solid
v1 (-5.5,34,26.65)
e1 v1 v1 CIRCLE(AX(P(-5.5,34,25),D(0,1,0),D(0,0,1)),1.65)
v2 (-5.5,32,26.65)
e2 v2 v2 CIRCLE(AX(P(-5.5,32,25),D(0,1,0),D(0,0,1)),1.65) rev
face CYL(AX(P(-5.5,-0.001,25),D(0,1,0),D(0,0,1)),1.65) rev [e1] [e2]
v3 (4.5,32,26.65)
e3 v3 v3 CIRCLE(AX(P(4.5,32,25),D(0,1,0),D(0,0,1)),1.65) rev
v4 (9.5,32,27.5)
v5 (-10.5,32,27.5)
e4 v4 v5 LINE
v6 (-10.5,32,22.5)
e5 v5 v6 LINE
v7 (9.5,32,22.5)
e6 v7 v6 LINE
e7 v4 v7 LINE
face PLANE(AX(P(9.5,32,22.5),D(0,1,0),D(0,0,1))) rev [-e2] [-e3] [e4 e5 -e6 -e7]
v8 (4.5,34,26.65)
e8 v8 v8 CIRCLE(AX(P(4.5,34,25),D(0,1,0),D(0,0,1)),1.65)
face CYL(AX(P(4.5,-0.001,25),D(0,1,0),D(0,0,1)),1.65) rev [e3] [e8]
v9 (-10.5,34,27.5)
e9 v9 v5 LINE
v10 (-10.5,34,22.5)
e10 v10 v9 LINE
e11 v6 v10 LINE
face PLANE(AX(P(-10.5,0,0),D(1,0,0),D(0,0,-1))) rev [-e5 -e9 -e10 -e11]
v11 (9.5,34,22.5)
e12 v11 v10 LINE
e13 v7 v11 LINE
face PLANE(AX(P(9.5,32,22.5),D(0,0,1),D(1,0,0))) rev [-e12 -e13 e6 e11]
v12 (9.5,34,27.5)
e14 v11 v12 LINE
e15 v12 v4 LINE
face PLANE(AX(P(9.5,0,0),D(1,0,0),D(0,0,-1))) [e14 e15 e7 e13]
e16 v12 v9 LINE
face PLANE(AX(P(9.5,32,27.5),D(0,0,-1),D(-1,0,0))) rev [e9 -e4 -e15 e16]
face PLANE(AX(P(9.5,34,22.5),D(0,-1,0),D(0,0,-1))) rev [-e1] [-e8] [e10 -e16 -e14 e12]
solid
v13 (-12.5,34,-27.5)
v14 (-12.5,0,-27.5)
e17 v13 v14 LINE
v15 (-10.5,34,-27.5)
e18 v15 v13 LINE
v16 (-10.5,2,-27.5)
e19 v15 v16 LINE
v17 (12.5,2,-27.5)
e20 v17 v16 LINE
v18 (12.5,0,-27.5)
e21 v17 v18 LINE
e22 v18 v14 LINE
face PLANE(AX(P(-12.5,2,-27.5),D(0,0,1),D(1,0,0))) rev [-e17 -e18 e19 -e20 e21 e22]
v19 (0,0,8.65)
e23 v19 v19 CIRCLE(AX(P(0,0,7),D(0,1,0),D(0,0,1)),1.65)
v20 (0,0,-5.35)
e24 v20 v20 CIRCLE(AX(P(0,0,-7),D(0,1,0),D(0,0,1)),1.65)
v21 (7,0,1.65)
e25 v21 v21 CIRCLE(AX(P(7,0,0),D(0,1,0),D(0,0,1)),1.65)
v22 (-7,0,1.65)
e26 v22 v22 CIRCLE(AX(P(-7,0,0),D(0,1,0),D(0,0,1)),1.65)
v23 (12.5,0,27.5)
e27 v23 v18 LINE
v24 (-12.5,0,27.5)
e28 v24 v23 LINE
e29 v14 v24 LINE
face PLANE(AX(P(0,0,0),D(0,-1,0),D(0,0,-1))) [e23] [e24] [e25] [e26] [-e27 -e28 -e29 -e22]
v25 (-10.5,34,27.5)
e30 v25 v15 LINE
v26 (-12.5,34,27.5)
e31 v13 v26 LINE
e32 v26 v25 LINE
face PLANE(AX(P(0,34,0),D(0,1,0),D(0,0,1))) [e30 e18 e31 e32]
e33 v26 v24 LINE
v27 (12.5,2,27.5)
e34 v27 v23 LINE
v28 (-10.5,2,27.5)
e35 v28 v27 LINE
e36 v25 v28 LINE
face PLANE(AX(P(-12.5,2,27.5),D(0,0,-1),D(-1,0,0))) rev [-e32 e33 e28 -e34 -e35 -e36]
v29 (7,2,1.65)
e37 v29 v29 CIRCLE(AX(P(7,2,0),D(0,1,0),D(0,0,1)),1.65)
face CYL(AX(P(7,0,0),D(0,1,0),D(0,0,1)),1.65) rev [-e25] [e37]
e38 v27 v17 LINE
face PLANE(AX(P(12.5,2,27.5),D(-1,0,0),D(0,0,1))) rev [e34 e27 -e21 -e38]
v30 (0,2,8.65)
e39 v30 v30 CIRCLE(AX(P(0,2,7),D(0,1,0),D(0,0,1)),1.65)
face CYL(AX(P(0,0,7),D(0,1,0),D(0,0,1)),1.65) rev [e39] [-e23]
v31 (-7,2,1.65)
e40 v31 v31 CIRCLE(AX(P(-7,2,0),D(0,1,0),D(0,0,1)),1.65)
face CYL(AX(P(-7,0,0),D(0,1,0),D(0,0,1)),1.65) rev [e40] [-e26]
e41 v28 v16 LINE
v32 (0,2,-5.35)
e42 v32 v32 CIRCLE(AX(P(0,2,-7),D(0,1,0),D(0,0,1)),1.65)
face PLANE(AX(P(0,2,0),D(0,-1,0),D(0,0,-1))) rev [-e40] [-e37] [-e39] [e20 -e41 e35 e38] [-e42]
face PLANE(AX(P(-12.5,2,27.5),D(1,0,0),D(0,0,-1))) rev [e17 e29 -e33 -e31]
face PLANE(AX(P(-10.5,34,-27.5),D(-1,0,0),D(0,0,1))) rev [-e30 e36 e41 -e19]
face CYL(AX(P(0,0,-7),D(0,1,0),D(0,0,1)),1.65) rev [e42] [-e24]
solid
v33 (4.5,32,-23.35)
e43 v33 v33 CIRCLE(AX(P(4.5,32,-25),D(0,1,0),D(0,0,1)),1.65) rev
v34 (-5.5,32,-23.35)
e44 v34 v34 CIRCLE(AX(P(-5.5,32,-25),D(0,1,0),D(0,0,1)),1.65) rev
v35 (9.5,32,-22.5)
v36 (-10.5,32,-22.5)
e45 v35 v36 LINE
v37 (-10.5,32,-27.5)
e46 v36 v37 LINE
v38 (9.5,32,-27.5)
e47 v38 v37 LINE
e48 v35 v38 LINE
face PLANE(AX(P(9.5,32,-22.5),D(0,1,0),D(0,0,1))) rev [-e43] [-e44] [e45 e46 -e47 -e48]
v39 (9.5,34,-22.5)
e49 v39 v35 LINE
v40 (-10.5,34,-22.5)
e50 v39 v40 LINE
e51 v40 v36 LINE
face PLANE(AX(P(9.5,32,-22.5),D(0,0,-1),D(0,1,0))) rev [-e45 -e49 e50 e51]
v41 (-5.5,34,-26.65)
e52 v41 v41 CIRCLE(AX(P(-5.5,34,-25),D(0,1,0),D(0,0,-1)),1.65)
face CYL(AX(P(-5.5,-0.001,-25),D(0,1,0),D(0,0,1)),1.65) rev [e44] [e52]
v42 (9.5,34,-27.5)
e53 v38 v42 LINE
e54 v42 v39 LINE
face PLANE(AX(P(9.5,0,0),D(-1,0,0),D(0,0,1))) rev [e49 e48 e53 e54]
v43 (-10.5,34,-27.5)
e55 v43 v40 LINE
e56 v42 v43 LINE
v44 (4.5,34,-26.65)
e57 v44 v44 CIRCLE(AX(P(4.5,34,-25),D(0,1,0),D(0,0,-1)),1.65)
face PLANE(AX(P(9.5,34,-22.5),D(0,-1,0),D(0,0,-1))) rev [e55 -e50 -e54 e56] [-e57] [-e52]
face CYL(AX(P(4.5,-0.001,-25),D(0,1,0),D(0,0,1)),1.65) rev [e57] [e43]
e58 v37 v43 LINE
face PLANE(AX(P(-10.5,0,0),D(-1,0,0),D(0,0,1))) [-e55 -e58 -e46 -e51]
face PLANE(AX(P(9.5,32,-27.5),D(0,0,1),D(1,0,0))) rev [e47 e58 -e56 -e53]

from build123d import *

# Parameters (mm, degrees)
SKETCH_1_W          = 25
SKETCH_1_H          = 55
EXTRUDE_1_DEPTH     = 2
SKETCH_2_R          = 1.65
CUT_EXTRUDE_1_DEPTH = 2
SKETCH_3_W          = 2
SKETCH_3_H          = 55
EXTRUDE_2_DEPTH     = 32
SKETCH_4_W          = 5
SKETCH_4_H          = 2
EXTRUDE_3_DEPTH     = 20
EXTRUDE_3_2_DEPTH   = 20
SKETCH_5_R          = 1.65
CUT_EXTRUDE_2_DEPTH = 2


with BuildPart() as part:
    # 草图1 → 凸台-拉伸1 (new body)
    with BuildSketch(Plane(origin=(0, 0, 0), x_dir=(1, 0, 0), z_dir=(0, 1, 0))):
        Rectangle(SKETCH_1_W, SKETCH_1_H)
    extrude(amount=EXTRUDE_1_DEPTH)

    # 草图2 → 切除-拉伸1 (cut)
    with BuildSketch(Plane(origin=(0, 2, 0), x_dir=(1, 0, 0), z_dir=(0, 1, 0))):
        with Locations(Location((7, 0, 0), (0, 0, 270))):
            Circle(SKETCH_2_R)
        with Locations(Location((0, 7, 0), (0, 0, 270))):
            Circle(SKETCH_2_R)
        with Locations(Location((-7, 0, 0), (0, 0, 270))):
            Circle(SKETCH_2_R)
        with Locations(Location((0, -7, 0), (0, 0, 270))):
            Circle(SKETCH_2_R)
    extrude(amount=-CUT_EXTRUDE_1_DEPTH, mode=Mode.SUBTRACT)

    # 草图3 → 凸台-拉伸2 (add)
    with BuildSketch(Plane(origin=(0, 2, 0), x_dir=(1, 0, 0), z_dir=(0, 1, 0))):
        with Locations((-11.5, 0)):
            Rectangle(SKETCH_3_W, SKETCH_3_H)
    extrude(amount=EXTRUDE_2_DEPTH)


with BuildPart() as body_2:
    # 草图4 → 凸台-拉伸3 (new body)
    with BuildSketch(Plane(origin=(-10.5, 0, 0), x_dir=(0, 0, -1), z_dir=(1, 0, 0))):
        with Locations((25, 33)):
            Rectangle(SKETCH_4_W, SKETCH_4_H)
    extrude(amount=EXTRUDE_3_DEPTH)


with BuildPart() as body_3:
    # 草图4 → Extrude 3 2 (new body)
    with BuildSketch(Plane(origin=(-10.5, 0, 0), x_dir=(0, 0, -1), z_dir=(1, 0, 0))):
        with Locations((-25, 33)):
            Rectangle(SKETCH_4_W, SKETCH_4_H)
    extrude(amount=EXTRUDE_3_2_DEPTH)


with BuildPart() as cut_extrude_2_tool:
    # 草图5 → 切除-拉伸2 (new body)
    with BuildSketch(Plane(origin=(0, 34, 0), x_dir=(1, 0, 0), z_dir=(0, 1, 0))):
        with Locations(Location((-5.5, -25, 0), (0, 0, 270))):
            Circle(SKETCH_5_R)
        with Locations(Location((4.5, -25, 0), (0, 0, 270))):
            Circle(SKETCH_5_R)
        with Locations(Location((4.5, 25, 0), (0, 0, 270))):
            Circle(SKETCH_5_R)
        with Locations(Location((-5.5, 25, 0), (0, 0, 270))):
            Circle(SKETCH_5_R)
    extrude(amount=-CUT_EXTRUDE_2_DEPTH)


with BuildPart() as body_2_1:
    add(body_2.part)

    # 切除-拉伸2: cut by cut_extrude_2_tool
    add(cut_extrude_2_tool.part, mode=Mode.SUBTRACT)


with BuildPart() as body_3_1:
    add(body_3.part)

    # 切除-拉伸2: cut by cut_extrude_2_tool
    add(cut_extrude_2_tool.part, mode=Mode.SUBTRACT)


solid = Compound([part.part, body_2_1.part, body_3_1.part])
